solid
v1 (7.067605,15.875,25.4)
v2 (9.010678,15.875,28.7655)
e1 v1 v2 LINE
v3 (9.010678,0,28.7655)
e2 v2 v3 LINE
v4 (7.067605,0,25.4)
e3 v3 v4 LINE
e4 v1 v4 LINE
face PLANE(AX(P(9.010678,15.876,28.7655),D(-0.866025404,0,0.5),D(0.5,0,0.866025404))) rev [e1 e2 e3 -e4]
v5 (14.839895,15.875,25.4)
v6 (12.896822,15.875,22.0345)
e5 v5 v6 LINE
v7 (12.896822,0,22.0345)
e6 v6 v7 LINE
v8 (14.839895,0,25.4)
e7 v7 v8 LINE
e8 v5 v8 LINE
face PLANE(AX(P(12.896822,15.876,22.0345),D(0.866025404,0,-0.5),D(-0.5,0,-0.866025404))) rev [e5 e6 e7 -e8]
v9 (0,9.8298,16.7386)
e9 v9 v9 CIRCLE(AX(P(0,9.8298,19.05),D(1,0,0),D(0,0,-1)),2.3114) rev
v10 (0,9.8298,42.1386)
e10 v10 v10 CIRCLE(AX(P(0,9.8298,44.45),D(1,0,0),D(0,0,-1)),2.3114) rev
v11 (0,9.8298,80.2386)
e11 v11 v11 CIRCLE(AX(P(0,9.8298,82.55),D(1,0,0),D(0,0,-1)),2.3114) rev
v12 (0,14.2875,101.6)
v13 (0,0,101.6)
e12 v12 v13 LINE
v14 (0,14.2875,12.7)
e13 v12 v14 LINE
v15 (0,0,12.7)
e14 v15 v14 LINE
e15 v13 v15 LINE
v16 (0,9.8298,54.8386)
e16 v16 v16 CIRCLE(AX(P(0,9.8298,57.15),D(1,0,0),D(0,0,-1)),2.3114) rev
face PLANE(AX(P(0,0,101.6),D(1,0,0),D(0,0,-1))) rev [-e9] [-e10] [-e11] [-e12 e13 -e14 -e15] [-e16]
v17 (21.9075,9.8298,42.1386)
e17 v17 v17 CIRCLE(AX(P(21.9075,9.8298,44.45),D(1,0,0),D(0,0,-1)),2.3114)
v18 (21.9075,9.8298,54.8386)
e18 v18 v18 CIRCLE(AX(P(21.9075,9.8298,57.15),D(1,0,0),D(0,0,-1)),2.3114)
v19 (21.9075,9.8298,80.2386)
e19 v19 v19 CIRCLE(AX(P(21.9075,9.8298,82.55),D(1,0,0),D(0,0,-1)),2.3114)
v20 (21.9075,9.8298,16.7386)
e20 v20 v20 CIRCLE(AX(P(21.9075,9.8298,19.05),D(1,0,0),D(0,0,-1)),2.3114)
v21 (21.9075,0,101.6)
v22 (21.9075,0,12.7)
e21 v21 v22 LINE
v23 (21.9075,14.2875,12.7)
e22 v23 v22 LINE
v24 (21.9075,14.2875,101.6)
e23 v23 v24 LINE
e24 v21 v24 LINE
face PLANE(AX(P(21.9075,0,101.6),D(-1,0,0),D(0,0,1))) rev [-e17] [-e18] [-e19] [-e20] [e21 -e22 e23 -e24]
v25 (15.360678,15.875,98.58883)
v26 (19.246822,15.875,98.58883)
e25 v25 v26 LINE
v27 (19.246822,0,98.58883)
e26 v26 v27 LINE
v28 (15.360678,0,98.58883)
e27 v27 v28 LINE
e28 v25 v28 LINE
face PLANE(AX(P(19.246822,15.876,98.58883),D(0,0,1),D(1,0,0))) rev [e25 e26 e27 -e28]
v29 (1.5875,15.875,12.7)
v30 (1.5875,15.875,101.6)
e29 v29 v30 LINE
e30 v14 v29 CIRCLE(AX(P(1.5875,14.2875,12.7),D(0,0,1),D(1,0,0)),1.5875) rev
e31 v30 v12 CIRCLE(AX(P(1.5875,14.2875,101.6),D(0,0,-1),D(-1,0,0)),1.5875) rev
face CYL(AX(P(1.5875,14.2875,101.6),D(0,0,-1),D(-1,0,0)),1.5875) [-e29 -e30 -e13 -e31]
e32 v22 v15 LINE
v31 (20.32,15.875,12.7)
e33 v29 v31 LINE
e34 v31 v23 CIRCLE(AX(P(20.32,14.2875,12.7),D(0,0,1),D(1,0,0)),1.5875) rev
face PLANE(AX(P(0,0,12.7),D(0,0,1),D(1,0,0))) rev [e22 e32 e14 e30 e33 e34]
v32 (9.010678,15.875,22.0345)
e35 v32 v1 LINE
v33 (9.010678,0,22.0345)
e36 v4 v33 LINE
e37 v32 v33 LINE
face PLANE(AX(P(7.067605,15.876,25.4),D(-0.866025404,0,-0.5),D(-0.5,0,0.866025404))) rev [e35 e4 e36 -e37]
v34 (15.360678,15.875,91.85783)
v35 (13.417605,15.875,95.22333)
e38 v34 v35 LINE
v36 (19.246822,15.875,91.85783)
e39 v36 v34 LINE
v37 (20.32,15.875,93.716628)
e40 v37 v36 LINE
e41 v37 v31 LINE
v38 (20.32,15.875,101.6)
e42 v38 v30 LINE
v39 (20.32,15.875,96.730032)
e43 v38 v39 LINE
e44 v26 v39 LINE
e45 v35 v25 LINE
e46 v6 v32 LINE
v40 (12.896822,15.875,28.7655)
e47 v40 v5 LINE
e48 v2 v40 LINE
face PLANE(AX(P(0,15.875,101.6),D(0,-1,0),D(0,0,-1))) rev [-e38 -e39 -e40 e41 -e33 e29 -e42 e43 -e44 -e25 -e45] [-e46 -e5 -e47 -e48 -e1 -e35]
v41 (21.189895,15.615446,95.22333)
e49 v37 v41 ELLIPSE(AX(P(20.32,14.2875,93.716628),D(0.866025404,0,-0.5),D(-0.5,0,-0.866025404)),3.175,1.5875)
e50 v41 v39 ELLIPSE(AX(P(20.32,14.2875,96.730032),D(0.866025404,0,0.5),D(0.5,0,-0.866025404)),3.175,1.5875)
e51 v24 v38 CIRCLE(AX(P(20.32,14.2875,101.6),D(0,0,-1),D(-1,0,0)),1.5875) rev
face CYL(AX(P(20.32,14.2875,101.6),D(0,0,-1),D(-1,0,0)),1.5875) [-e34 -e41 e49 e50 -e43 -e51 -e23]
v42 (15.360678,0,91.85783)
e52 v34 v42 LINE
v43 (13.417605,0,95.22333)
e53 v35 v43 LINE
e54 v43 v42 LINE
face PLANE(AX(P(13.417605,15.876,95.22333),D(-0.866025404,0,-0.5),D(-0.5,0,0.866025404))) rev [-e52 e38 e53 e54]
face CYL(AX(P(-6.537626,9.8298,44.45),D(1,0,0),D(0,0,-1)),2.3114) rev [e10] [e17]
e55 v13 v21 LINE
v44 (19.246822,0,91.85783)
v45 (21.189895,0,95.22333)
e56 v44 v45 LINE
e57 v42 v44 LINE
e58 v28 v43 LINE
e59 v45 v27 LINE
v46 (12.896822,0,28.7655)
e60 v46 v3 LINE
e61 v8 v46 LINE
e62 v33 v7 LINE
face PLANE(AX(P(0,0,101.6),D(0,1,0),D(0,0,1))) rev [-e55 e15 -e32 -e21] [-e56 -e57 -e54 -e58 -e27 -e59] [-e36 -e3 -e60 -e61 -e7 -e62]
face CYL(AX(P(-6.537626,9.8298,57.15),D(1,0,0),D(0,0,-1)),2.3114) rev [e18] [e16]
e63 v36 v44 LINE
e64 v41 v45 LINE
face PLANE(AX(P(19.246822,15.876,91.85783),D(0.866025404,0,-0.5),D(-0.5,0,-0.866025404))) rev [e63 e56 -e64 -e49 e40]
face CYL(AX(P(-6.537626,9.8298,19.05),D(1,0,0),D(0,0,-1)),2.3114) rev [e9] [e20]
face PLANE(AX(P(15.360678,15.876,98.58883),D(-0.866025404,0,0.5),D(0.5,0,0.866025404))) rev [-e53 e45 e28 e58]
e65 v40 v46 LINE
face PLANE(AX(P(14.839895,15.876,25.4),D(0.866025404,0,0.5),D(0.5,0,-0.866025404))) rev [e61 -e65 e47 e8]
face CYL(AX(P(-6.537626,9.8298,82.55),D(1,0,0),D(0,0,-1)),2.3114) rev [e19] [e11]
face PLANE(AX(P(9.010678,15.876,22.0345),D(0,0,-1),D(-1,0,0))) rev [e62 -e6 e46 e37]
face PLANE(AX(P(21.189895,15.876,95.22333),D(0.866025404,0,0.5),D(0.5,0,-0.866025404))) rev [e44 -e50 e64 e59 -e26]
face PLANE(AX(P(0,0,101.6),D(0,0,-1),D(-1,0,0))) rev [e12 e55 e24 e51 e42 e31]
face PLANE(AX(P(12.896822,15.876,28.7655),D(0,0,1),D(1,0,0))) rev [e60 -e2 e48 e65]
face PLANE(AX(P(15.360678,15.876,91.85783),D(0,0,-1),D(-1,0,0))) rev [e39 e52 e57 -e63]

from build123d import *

# Parameters (mm, degrees)
SKETCH1_W           = 21.9075
SKETCH1_H           = 15.875
BOSS_EXTRUDE1_DEPTH = 101.6
FILLET1_R           = 1.5875
SKETCH2_R           = 2.3114
CUT_EXTRUDE2_DEPTH  = 21.9075
CUT_EXTRUDE3_REACH  = 107.14
SKETCH4_W           = 21.9075
SKETCH4_H           = 15.875
CUT_EXTRUDE4_DEPTH  = 12.7


with BuildPart() as part:
    # Sketch1 → Boss-Extrude1 (new body)
    with BuildSketch(Plane.XY):
        with Locations((10.95375, 7.9375)):
            Rectangle(SKETCH1_W, SKETCH1_H)
    extrude(amount=BOSS_EXTRUDE1_DEPTH)

    # Fillet1
    fillet1_edges = [part.edges().sort_by_distance(p)[0] for p in [
        (0, 15.875, 50.8),
        (21.9075, 15.875, 50.8),
    ]]
    fillet(fillet1_edges, radius=FILLET1_R)

    # Sketch2 → Cut-Extrude2 (cut)
    with BuildSketch(Plane(origin=(21.9075, 0, 0), x_dir=(0, 0, -1), z_dir=(1, 0, 0))):
        with Locations((-57.15, 9.8298)):
            Circle(SKETCH2_R)
        with Locations((-44.45, 9.8298)):
            Circle(SKETCH2_R)
        with Locations((-82.55, 9.8298)):
            Circle(SKETCH2_R)
        with Locations((-6.35, 9.8298)):
            Circle(SKETCH2_R)
        with Locations((-19.05, 9.8298)):
            Circle(SKETCH2_R)
    extrude(amount=-CUT_EXTRUDE2_DEPTH, mode=Mode.SUBTRACT)

    # Sketch3 → Cut-Extrude3 (cut, up to next)
    with BuildSketch(Plane.XZ, mode=Mode.PRIVATE) as cut_extrude3_sk1:
        Polygon((19.246822331, 98.58883), (15.360677669, 98.58883), (13.417605338, 95.22333), (15.360677669, 91.85783), (19.246822331, 91.85783), (21.189894662, 95.22333), align=None)
    cut_extrude3_tool1 = extrude(cut_extrude3_sk1.sketch, amount=-CUT_EXTRUDE3_REACH, mode=Mode.PRIVATE) & part.part
    # Sketch3 → Cut-Extrude3 (cut, up to next)
    with BuildSketch(Plane.XZ, mode=Mode.PRIVATE) as cut_extrude3_sk2:
        Polygon((12.896822331, 28.7655), (9.010677669, 28.7655), (7.067605338, 25.4), (9.010677669, 22.0345), (12.896822331, 22.0345), (14.839894662, 25.4), align=None)
    cut_extrude3_tool2 = extrude(cut_extrude3_sk2.sketch, amount=-CUT_EXTRUDE3_REACH, mode=Mode.PRIVATE) & part.part
    add(cut_extrude3_tool1.solids().sort_by_distance((17.30375, 0, 95.22333))[0], mode=Mode.SUBTRACT)
    add(cut_extrude3_tool2.solids().sort_by_distance((10.95375, 0, 25.4))[0], mode=Mode.SUBTRACT)

    # Sketch4 → Cut-Extrude4 (cut)
    with BuildSketch(Plane(origin=(0, 0, 0), x_dir=(-1, 0, 0), z_dir=(0, 0, -1))):
        with Locations((-10.95375, 7.9375)):
            Rectangle(SKETCH4_W, SKETCH4_H)
    extrude(amount=-CUT_EXTRUDE4_DEPTH, mode=Mode.SUBTRACT)


solid = part.part
